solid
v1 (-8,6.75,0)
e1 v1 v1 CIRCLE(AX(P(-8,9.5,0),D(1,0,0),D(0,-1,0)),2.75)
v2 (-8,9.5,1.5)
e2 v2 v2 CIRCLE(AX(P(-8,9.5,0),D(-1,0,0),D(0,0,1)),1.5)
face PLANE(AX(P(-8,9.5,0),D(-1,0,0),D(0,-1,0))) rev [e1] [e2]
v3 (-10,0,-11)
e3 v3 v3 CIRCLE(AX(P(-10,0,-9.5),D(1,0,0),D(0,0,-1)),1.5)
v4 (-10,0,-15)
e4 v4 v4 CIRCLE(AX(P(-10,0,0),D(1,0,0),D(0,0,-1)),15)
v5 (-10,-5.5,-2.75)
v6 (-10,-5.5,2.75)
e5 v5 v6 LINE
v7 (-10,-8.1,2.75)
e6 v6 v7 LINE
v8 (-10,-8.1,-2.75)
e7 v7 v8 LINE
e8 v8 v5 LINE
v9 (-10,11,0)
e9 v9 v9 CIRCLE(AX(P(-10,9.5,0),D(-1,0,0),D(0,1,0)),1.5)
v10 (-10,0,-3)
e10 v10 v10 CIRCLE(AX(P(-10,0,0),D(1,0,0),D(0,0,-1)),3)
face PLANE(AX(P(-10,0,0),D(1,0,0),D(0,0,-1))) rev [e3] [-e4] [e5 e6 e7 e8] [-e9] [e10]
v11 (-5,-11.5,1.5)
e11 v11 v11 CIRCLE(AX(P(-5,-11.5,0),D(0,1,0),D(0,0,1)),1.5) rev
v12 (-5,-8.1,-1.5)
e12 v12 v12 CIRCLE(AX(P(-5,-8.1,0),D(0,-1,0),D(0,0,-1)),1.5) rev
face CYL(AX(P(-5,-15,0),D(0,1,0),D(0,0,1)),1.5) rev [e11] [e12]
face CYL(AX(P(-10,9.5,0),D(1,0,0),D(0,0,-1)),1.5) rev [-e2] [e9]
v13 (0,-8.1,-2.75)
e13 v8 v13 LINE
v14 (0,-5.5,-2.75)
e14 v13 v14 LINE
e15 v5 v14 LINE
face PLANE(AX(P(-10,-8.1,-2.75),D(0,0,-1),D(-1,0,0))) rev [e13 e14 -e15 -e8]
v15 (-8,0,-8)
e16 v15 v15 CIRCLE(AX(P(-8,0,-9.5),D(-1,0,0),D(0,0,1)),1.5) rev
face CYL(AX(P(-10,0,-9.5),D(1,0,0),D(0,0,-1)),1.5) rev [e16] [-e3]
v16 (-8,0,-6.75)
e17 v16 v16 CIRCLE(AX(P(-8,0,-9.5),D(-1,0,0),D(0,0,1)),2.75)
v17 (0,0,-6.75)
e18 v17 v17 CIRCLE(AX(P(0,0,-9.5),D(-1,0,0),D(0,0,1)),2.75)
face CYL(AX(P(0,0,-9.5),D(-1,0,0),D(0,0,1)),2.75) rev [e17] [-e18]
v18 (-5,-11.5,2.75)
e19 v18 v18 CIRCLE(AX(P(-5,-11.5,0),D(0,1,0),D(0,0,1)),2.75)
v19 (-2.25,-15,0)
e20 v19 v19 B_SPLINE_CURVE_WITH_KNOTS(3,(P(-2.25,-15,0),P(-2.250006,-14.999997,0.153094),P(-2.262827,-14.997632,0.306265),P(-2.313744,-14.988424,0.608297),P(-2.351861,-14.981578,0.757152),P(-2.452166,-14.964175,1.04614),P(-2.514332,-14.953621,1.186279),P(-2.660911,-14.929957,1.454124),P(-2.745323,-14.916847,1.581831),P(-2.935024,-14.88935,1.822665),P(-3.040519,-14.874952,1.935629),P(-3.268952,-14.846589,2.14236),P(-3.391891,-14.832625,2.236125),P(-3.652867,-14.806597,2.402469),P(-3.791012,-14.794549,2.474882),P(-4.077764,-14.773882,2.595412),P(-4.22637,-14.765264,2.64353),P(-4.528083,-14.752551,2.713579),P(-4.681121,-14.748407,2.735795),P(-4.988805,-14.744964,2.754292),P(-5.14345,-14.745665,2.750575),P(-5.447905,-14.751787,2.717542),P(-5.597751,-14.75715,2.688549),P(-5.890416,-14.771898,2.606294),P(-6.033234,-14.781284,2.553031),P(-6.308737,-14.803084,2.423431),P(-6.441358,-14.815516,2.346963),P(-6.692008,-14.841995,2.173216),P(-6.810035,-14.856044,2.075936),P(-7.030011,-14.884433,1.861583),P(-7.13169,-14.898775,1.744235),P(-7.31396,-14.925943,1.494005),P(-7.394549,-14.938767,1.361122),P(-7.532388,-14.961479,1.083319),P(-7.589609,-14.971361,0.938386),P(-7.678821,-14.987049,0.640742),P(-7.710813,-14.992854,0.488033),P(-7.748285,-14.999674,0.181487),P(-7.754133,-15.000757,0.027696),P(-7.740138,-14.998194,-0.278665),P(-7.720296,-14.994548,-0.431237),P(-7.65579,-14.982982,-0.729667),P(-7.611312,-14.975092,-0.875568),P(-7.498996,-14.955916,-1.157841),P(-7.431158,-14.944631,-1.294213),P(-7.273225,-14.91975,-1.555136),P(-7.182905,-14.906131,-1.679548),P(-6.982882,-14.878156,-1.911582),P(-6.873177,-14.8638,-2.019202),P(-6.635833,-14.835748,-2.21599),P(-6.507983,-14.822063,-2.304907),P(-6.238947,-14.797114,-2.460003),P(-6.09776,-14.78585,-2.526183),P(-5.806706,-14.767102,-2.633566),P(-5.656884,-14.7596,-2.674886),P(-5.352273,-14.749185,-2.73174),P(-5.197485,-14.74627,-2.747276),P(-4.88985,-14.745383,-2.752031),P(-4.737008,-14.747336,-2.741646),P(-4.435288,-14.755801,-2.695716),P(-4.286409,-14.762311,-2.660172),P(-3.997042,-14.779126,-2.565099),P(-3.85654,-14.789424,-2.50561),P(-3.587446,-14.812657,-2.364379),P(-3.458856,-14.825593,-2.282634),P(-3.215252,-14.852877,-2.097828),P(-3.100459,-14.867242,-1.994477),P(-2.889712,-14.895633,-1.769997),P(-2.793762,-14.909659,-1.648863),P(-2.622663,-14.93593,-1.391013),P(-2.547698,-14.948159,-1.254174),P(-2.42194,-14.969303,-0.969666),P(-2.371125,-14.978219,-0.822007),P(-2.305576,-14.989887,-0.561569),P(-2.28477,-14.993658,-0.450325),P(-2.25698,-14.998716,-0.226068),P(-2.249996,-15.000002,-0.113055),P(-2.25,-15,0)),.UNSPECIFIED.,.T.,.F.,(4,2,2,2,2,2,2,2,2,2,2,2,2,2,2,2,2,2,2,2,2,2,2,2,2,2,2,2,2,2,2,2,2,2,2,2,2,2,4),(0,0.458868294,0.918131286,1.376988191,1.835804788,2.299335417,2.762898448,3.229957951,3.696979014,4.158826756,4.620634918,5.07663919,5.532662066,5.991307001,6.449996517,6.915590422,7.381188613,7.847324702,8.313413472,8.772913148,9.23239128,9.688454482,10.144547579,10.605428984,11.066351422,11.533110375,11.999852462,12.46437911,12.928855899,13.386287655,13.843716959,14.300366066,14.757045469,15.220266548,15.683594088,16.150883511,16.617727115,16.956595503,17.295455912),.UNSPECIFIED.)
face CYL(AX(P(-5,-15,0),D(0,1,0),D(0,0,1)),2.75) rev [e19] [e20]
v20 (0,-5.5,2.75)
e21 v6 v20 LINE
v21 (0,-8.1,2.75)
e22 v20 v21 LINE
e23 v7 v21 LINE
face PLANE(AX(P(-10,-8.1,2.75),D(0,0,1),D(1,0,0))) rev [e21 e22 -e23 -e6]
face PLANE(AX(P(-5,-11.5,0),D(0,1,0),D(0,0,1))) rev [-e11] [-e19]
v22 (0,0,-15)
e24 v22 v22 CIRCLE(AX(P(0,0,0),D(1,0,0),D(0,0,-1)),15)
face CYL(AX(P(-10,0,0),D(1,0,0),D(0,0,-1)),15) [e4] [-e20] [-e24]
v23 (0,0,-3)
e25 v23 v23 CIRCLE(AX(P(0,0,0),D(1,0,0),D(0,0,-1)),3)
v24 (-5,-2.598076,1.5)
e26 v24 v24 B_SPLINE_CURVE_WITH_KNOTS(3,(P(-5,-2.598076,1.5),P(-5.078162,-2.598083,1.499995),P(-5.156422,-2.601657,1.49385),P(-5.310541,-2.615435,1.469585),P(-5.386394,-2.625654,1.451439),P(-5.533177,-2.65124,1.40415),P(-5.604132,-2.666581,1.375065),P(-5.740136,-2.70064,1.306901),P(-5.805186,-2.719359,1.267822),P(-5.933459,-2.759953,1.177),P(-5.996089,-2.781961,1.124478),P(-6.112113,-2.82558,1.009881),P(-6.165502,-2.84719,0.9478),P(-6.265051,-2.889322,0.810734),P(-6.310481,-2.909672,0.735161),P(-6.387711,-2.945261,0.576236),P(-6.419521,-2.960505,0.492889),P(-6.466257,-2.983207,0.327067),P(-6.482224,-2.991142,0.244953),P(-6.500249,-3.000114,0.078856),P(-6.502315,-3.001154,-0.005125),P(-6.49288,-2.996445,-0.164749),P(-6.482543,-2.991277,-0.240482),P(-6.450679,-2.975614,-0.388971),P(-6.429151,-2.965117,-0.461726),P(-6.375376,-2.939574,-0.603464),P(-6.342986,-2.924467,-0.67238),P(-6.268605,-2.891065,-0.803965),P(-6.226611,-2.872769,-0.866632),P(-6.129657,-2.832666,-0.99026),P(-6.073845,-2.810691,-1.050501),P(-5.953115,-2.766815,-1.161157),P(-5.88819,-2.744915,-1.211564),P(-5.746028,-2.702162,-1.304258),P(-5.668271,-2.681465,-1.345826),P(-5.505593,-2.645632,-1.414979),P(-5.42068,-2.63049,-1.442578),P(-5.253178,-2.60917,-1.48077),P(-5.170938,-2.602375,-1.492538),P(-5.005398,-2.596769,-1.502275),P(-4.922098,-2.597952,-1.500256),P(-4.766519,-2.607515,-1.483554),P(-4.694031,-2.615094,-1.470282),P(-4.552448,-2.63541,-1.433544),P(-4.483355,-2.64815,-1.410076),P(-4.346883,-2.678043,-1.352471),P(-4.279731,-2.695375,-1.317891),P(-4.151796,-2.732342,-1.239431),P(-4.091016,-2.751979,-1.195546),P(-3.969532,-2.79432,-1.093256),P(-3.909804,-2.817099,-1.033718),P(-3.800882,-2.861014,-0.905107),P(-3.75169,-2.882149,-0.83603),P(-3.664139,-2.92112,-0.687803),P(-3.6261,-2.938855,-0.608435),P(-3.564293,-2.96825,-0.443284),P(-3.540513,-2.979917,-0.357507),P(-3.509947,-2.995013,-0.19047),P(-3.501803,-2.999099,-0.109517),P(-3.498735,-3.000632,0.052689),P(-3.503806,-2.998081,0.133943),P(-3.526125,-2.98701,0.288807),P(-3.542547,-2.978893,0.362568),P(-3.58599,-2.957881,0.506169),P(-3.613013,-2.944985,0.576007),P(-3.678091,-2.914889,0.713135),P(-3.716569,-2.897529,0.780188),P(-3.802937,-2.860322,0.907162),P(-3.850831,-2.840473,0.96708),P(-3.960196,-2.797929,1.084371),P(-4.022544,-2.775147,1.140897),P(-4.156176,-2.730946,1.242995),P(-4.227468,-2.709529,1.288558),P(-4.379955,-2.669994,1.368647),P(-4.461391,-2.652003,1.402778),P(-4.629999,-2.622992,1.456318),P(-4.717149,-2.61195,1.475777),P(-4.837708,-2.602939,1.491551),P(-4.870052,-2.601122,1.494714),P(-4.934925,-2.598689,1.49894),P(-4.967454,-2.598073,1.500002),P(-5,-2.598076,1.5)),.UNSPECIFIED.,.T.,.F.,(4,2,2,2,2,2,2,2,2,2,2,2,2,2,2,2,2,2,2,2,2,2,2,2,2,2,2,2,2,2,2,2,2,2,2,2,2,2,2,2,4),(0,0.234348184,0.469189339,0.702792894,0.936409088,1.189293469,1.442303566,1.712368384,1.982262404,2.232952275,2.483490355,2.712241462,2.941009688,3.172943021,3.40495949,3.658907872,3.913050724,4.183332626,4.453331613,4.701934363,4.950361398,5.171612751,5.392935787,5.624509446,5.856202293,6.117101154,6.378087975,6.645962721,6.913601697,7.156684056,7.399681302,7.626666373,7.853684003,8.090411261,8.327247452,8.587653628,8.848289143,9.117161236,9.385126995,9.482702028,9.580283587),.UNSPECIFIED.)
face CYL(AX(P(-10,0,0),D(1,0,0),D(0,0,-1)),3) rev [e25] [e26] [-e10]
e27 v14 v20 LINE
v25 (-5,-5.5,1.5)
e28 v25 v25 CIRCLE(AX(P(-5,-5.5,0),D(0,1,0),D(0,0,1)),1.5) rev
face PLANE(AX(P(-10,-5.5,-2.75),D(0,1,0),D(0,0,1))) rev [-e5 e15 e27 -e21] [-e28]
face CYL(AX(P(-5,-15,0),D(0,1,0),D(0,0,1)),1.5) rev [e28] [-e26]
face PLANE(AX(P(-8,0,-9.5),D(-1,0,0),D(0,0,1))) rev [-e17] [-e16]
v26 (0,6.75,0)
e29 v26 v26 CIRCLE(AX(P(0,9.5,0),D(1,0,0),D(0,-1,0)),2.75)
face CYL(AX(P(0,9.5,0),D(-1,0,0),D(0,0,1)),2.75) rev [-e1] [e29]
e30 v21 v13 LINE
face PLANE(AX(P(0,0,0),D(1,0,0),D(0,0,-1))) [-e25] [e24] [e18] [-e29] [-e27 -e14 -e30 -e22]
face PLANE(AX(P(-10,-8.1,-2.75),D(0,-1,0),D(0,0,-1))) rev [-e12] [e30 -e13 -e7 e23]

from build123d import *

# Parameters (mm, degrees)
CROQUIS2_R              = 15
CROQUIS2_R_2            = 3
SALIENTE_EXTRUIR1_DEPTH = 10
CROQUIS3_R              = 1.5
CORTAR_EXTRUIR1_DEPTH   = 24.452078799
CROQUIS6_W              = 5.5
CROQUIS6_H              = 2.6
CORTAR_EXTRUIR2_DEPTH   = 24.452078988
CORTAR_EXTRUIR3_START   = -11.5
CROQUIS7_R              = 2.75
CORTAR_EXTRUIR3_DEPTH   = 12.952078988
CROQUIS9_R              = 1.5
CORTAR_EXTRUIR4_DEPTH   = 24.45207897
CORTAR_EXTRUIR5_START   = -2
CROQUIS11_R             = 2.75
CORTAR_EXTRUIR5_DEPTH   = 22.45207897


with BuildPart() as part:
    # Croquis2 → Saliente-Extruir1 (new body)
    with BuildSketch(Plane(origin=(0, 0, 0), x_dir=(0, 0, -1), z_dir=(1, 0, 0))):
        Circle(CROQUIS2_R)
        Circle(CROQUIS2_R_2, mode=Mode.SUBTRACT)
    extrude(amount=-SALIENTE_EXTRUIR1_DEPTH)

    # Croquis3 → Cortar-Extruir1 (cut, through all)
    with BuildSketch(Plane(origin=(0, 0, 0), x_dir=(1, 0, 0), z_dir=(0, 1, 0))):
        with Locations((-5, 0)):
            Circle(CROQUIS3_R)
    extrude(amount=-CORTAR_EXTRUIR1_DEPTH, mode=Mode.SUBTRACT)

    # Croquis6 → Cortar-Extruir2 (cut, through all)
    with BuildSketch(Plane(origin=(0, 0, 0), x_dir=(0, 0, -1), z_dir=(1, 0, 0))):
        with Locations((0, -6.8)):
            Rectangle(CROQUIS6_W, CROQUIS6_H)
    extrude(amount=-CORTAR_EXTRUIR2_DEPTH, mode=Mode.SUBTRACT)

    # Croquis7 → Cortar-Extruir3 (cut, through all)
    with BuildSketch(Plane(origin=(0, 0, 0), x_dir=(1, 0, 0), z_dir=(0, 1, 0)).offset(CORTAR_EXTRUIR3_START)):
        with Locations((-5, 0)):
            Circle(CROQUIS7_R)
    extrude(amount=-CORTAR_EXTRUIR3_DEPTH, mode=Mode.SUBTRACT)

    # Croquis9 → Cortar-Extruir4 (cut, through all)
    with BuildSketch(Plane(origin=(0, 0, 0), x_dir=(0, 0, -1), z_dir=(1, 0, 0))):
        with Locations((9.5, 0)):
            Circle(CROQUIS9_R)
    cortar_extruir4 = extrude(amount=-CORTAR_EXTRUIR4_DEPTH, mode=Mode.SUBTRACT)

    # Croquis11 → Cortar-Extruir5 (cut, through all)
    with BuildSketch(Plane.ZY.offset(10).offset(CORTAR_EXTRUIR5_START)):
        with Locations((-9.5, 0)):
            Circle(CROQUIS11_R)
    cortar_extruir5 = extrude(amount=-CORTAR_EXTRUIR5_DEPTH, mode=Mode.SUBTRACT)

    # Simetría1: Cortar-Extruir4, Cortar-Extruir5 across plane
    add(cortar_extruir4.mirror(Plane(origin=(0, 0, 0), x_dir=(0, -0.7071067811865489, 0.7071067811865462), z_dir=(0, 0.7071067811865464, 0.7071067811865488))), mode=Mode.SUBTRACT)
    add(cortar_extruir5.mirror(Plane(origin=(0, 0, 0), x_dir=(0, -0.7071067811865489, 0.7071067811865462), z_dir=(0, 0.7071067811865464, 0.7071067811865488))), mode=Mode.SUBTRACT)


solid = part.part
